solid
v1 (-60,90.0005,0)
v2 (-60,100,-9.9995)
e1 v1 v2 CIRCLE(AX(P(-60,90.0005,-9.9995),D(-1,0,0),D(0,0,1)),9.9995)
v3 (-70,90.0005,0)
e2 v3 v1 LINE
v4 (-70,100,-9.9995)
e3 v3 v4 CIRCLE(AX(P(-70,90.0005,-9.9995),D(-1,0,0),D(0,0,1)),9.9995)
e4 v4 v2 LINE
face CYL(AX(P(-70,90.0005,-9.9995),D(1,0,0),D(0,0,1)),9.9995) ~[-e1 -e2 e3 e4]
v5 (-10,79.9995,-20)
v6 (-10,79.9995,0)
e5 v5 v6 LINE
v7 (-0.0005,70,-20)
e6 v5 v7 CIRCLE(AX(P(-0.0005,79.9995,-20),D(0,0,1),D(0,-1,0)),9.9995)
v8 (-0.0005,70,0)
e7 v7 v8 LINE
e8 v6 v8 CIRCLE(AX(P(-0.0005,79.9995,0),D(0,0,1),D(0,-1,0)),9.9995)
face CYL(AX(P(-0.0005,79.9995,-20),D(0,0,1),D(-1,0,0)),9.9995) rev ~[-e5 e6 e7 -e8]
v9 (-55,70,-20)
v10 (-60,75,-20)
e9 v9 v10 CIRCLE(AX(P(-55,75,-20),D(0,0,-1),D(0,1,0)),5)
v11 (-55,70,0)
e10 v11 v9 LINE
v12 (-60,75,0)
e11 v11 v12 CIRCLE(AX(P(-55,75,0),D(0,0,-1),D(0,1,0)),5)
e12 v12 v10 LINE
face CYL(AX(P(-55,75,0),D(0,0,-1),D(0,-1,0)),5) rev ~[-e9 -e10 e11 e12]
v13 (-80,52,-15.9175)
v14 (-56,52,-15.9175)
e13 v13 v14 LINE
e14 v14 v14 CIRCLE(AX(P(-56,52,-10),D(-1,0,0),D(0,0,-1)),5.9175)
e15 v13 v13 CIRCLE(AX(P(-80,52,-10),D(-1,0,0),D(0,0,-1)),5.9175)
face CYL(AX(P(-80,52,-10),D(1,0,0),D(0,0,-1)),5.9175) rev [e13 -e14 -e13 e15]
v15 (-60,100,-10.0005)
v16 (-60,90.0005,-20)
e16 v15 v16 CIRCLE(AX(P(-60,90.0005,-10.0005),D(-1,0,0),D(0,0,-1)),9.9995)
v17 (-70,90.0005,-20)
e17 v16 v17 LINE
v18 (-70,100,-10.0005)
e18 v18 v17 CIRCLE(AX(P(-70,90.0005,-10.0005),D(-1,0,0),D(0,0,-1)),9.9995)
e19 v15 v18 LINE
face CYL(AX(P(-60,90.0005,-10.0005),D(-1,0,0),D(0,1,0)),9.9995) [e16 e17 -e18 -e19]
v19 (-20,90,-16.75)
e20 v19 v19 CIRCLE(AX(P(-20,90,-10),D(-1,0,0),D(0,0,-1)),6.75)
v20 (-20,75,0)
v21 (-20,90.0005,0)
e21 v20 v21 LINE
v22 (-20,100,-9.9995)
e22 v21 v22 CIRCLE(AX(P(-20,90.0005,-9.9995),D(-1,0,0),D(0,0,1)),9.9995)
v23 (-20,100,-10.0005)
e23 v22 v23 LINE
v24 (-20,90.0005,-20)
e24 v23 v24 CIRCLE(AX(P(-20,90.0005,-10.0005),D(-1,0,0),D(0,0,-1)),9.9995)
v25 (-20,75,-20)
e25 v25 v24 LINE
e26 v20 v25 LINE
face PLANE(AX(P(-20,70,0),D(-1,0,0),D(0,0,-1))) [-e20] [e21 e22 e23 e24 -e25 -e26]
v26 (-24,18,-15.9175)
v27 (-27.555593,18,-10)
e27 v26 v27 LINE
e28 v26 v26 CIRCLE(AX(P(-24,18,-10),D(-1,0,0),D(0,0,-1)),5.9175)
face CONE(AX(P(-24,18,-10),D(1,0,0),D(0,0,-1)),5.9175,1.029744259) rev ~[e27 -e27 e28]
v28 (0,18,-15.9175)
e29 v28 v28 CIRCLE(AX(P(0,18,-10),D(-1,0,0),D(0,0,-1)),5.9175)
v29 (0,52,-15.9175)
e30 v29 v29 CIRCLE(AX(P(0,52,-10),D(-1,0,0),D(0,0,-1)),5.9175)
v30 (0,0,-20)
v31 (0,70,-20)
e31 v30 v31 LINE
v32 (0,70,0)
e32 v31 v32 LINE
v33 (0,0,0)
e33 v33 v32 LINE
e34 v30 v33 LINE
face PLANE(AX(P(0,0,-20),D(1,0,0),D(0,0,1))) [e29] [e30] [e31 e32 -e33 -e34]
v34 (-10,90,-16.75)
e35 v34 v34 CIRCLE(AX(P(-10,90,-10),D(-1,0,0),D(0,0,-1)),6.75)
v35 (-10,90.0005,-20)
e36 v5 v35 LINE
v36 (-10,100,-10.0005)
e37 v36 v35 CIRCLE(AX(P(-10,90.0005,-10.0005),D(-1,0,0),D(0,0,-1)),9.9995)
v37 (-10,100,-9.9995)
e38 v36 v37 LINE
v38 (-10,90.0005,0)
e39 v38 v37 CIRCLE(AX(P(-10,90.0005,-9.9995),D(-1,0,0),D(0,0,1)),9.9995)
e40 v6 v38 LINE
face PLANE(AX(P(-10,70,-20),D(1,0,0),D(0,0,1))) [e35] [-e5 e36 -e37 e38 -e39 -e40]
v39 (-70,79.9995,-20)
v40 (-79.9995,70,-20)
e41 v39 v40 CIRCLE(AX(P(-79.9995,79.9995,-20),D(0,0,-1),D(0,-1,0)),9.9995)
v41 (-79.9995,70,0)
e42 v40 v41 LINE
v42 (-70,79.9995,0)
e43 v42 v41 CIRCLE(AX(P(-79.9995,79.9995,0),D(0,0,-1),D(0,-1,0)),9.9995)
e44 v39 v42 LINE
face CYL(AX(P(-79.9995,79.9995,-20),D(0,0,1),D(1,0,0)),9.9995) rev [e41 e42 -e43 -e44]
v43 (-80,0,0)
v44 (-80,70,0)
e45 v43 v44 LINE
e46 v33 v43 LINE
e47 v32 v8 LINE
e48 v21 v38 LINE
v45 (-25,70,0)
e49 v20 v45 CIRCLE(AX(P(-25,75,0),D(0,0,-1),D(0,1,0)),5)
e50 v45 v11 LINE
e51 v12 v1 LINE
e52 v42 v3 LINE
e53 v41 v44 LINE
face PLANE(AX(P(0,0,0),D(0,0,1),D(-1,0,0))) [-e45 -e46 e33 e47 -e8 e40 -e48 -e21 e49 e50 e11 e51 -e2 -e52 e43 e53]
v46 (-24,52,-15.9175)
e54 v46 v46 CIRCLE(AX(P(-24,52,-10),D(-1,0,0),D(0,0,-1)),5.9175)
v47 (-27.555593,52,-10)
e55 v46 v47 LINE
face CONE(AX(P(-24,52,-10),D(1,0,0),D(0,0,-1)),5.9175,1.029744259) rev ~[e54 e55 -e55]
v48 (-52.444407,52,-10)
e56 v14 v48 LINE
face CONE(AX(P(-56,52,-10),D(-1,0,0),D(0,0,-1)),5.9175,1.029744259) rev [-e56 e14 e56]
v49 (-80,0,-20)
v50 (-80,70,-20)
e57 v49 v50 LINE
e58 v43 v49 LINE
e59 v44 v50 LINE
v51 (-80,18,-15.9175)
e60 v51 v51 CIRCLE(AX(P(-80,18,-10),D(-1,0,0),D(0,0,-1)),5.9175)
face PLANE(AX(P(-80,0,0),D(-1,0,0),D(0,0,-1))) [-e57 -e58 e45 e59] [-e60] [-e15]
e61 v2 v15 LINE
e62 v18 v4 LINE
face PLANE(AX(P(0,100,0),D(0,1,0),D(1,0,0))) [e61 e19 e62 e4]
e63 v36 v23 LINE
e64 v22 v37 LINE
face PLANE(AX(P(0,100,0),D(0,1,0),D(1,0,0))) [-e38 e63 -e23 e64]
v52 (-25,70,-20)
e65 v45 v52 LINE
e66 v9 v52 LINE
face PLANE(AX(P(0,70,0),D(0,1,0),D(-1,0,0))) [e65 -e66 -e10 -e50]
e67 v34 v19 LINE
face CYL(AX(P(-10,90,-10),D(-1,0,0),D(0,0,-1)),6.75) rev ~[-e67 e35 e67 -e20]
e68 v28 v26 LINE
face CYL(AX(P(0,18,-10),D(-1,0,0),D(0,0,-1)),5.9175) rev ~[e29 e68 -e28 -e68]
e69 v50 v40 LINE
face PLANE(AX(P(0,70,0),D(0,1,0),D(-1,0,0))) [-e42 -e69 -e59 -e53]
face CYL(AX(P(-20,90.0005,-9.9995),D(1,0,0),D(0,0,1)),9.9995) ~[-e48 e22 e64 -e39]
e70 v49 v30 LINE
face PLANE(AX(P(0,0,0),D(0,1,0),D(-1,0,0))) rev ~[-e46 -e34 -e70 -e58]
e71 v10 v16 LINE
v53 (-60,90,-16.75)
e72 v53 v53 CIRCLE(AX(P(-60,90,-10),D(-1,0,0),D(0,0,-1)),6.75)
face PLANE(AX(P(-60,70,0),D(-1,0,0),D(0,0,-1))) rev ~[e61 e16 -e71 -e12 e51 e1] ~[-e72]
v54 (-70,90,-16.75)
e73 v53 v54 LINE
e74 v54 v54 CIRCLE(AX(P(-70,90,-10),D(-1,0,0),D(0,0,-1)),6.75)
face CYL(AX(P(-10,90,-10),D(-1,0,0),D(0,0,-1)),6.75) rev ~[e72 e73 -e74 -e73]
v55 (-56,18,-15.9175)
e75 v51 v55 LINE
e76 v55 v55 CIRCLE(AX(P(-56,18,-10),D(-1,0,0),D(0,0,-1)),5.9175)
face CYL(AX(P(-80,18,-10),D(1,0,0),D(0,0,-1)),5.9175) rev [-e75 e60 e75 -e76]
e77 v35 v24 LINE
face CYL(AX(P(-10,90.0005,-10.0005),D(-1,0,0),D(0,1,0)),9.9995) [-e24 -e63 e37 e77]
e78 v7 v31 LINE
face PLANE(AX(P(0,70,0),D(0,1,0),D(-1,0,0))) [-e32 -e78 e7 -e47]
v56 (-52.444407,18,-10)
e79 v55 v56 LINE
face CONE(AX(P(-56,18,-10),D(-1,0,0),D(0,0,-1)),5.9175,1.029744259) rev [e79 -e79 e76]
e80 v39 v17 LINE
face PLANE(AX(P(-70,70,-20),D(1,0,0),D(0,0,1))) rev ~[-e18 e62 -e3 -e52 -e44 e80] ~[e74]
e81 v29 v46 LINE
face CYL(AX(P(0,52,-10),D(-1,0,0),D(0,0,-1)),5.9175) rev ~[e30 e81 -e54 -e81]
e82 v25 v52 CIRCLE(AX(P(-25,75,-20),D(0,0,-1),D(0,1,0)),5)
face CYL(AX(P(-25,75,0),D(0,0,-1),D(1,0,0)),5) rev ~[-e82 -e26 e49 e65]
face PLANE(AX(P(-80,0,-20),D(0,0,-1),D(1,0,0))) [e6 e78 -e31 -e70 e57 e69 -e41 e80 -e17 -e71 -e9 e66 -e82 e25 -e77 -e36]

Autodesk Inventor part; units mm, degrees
ref_plane "YZ Plane" through (0, 0, 0) normal (1, 0, 0) x (0, 1, 0)
ref_plane "XZ Plane" through (0, 0, 0) normal (0, 1, 0) x (-1, 0, 0)
sketch "Sketch1" plane through (0, 0, 0) normal (0, 1, 0) x (-1, 0, 0)
  line L0 (0, 0) -> (80, 0)
  line L1 (80, 0) -> (80, -20)
  line L2 (80, -20) -> (0, -20)
  line L3 (0, -20) -> (0, 0)
  dimension "d0" = 80
  dimension "d1" = 20
extrude "Extrusion1" add sketch "Sketch1" along normal blind 70
sketch "Sketch2" plane through (0, 70, 0) normal (0, 1, 0) x (1, 0, 0)
  line L0 (0, 20) -> (-80, 20) projected
  line L1 (-70, 0) -> (-60, 0)
  line L2 (-60, 0) -> (-60, 20)
  line L3 (-60, 20) -> (-70, 20)
  line L4 (-70, 20) -> (-70, 0)
  line L5 (-80, 0) -> (0, 0) projected
  line L6 (-10, 0) -> (-20, 0)
  line L7 (-20, 0) -> (-20, 20)
  line L8 (-20, 20) -> (-10, 20)
  line L9 (-10, 20) -> (-10, 0)
  line L10 (-40, 0) -> (-40, 20)
  dimension "d4" = 10
  dimension "d5" = 10
  dimension "d6" = 40
extrude "Extrusion2" add sketch "Sketch2" along normal blind 30 contours L9 L5 L7 L0 | L2 L1 L4 L0
hole "Hole1" at (-10, 90, -10) direction (-1, 0, 0) diameter 13.5 end through all
fillet "Fillet1" radius 5 2 edges at (-20, 70, -10) (-60, 70, -10)
fillet "Fillet2" radius 10 4 edges at (-15, 100, 0) (-65, 100, 0) (-65, 100, -20) (-15, 100, -20)
sketch "Sketch3" plane through (0, 0, 0) normal (1, 0, 0) x (0, 0, -1)
  line L0 (0, 70) -> (20, 70) projected
  line L1 (10, 70) -> (10, 0)
  line L2 (0, 0) -> (20, 0) projected
  point P0 (10, 52)
  point P1 (10, 18)
  dimension "d20" = 18
  dimension "d21" = 18
hole "Hole2" at (0, 52, -10) at (0, 18, -10) direction (-1, 0, 0) diameter 11.835 depth 24 tip angle 118 thread size "M14x2" class "6H" standard "ISO Metric profile"
ref_plane "Work Plane1" through (-40, 0, 0) normal (1, 0, 0) x (0, 0, -1)
mirror "Mirror1" about plane through (-40, 0, 0) normal (1, 0, 0) of "Hole2"
fillet "Fillet3" radius 10 2 edges at (-10, 70, -10) (-70, 70, -10)
properties part number "Profile_Middle_06" material "Aluminum 6061 T6 80 Hot Formed"
